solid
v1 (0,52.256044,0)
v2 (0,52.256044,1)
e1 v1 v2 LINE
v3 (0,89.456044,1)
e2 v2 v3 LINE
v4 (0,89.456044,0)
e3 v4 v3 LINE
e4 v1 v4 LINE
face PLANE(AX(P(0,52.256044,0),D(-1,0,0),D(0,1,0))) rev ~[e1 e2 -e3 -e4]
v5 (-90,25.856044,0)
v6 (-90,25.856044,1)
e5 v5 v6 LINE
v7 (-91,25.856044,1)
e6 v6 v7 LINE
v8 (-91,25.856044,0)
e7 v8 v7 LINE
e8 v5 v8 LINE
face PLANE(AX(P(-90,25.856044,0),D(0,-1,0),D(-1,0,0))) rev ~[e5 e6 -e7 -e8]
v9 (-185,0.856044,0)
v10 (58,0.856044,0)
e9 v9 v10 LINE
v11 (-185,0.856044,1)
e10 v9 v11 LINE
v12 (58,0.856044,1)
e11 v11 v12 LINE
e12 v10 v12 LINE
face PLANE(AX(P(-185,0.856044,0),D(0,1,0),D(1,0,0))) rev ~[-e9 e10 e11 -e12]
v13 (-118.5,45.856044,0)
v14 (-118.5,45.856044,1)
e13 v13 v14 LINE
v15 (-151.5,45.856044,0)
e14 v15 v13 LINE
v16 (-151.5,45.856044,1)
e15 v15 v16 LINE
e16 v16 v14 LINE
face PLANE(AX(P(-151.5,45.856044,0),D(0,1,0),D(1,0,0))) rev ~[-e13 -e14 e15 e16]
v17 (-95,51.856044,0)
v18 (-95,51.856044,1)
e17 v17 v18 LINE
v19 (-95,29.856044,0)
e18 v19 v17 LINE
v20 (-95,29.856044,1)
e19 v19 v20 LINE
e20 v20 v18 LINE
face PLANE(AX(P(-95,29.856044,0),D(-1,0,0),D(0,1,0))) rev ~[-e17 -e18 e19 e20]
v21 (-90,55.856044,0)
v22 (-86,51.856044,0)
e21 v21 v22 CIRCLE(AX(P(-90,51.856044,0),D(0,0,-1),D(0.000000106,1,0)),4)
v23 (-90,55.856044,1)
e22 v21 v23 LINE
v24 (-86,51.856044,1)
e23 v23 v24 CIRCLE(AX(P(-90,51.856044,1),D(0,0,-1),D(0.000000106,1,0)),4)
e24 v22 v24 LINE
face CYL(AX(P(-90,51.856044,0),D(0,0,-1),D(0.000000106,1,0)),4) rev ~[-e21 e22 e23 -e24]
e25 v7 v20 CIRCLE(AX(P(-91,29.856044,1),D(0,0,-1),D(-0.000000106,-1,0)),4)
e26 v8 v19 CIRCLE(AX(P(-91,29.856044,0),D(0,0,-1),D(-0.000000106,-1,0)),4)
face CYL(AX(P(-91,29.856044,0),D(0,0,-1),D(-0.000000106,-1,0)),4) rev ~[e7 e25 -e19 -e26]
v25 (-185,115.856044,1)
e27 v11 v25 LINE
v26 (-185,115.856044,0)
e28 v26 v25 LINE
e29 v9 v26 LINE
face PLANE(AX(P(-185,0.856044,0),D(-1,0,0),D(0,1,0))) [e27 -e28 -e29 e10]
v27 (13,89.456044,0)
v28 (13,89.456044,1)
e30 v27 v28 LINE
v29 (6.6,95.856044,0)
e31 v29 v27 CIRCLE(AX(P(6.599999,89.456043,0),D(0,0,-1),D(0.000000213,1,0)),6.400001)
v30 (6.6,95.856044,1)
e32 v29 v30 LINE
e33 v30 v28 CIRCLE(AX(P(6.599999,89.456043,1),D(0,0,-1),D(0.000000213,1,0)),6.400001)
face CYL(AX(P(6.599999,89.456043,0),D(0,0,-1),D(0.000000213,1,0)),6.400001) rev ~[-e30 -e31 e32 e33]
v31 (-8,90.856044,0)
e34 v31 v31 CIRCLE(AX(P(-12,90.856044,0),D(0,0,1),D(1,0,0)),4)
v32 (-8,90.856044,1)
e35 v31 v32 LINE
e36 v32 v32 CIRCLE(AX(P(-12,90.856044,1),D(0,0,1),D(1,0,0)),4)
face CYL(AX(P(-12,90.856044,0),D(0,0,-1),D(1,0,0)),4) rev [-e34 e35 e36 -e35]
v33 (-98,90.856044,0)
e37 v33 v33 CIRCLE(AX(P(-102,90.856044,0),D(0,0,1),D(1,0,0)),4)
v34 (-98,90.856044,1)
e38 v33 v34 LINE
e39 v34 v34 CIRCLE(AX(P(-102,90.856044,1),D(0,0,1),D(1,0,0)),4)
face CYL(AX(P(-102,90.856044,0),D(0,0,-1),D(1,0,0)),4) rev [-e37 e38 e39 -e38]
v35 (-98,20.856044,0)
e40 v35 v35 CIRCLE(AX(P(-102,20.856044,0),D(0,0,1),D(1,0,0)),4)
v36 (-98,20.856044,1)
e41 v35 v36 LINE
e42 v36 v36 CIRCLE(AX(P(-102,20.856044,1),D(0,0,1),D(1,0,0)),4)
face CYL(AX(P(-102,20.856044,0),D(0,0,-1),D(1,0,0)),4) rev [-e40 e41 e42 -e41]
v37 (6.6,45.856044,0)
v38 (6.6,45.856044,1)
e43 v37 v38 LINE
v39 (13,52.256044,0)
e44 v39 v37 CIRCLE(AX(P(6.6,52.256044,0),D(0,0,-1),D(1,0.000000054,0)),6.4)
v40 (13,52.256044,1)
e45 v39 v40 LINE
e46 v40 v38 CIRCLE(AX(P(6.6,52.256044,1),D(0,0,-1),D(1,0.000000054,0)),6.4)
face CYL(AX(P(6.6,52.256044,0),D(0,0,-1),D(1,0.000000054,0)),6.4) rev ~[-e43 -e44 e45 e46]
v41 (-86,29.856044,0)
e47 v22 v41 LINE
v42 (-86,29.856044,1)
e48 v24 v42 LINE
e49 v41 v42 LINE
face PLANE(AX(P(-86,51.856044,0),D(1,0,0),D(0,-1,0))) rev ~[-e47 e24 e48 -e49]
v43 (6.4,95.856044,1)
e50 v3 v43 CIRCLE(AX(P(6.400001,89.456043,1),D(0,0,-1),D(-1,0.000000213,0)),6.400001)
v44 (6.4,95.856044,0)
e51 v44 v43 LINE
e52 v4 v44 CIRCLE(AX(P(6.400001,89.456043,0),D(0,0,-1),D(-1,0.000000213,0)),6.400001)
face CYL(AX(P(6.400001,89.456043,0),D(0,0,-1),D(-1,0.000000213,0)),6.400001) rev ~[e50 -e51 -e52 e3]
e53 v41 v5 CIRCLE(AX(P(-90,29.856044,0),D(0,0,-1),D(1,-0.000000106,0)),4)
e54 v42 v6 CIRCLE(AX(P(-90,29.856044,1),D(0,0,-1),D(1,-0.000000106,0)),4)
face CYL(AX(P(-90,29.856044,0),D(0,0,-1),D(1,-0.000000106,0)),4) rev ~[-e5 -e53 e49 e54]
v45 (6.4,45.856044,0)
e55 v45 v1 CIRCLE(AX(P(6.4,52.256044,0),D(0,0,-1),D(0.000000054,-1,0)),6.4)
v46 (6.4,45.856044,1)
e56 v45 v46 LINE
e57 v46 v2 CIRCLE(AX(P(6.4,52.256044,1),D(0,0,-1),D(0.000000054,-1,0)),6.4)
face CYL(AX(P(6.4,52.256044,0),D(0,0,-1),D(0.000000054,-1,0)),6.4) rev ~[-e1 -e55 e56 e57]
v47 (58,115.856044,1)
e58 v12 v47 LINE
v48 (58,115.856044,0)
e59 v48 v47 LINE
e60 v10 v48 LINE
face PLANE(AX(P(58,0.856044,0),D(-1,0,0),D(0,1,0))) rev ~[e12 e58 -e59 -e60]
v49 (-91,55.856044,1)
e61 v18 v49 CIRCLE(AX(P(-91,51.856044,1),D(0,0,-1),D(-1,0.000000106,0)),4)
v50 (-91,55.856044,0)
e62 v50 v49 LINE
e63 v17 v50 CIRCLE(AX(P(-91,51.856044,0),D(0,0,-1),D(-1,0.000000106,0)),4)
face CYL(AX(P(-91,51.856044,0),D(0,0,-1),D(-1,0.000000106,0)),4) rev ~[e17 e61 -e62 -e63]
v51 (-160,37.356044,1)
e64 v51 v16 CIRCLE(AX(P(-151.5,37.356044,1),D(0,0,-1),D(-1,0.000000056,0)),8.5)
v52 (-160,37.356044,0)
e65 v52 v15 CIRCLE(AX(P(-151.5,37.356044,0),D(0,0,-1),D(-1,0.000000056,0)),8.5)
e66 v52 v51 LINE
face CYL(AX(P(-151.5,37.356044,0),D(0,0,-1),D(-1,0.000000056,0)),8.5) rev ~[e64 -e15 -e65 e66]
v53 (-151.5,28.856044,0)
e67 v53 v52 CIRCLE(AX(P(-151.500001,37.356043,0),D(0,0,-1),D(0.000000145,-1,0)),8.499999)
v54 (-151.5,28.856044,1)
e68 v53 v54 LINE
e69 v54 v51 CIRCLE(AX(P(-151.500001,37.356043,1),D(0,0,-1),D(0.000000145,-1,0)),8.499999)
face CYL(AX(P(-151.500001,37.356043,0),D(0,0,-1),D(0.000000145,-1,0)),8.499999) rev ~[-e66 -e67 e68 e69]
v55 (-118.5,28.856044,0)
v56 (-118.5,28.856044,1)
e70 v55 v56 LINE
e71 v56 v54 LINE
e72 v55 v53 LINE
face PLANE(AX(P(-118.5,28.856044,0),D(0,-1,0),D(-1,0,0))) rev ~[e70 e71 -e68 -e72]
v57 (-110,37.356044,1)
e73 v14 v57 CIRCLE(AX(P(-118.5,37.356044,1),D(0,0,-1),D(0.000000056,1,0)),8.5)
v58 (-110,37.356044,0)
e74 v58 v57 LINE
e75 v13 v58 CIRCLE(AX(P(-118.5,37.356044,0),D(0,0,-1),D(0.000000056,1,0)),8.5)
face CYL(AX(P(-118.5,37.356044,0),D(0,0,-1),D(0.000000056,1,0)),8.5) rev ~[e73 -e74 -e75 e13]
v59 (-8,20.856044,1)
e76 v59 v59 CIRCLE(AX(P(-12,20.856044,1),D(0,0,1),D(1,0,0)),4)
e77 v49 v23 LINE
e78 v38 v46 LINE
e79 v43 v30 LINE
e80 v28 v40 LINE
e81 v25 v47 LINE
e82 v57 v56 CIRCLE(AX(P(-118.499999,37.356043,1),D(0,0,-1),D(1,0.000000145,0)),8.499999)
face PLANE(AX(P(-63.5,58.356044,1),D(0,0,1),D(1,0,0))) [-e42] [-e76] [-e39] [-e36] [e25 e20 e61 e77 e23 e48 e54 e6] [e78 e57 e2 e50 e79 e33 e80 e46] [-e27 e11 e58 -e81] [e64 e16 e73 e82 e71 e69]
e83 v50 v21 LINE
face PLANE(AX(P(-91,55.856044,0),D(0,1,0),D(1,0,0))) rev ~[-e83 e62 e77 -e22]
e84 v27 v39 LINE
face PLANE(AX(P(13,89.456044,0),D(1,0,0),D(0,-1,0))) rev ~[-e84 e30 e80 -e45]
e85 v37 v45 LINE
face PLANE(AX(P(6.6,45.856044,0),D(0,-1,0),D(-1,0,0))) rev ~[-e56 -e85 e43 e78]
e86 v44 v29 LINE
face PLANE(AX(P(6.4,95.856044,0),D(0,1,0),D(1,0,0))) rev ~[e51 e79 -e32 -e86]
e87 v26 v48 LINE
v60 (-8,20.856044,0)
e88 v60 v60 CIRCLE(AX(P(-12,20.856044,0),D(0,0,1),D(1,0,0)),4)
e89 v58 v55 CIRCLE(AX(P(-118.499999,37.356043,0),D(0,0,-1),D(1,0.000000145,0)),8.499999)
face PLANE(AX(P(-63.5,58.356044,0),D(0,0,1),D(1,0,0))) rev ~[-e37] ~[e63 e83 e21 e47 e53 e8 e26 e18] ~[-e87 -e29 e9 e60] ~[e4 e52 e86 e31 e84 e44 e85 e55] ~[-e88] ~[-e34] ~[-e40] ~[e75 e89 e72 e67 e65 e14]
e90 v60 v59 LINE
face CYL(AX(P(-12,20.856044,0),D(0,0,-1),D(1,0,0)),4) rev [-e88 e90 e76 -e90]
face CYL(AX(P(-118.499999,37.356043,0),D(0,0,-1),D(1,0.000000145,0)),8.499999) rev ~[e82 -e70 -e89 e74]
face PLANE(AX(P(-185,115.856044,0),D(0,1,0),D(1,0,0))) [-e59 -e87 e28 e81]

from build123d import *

# Parameters (mm, degrees)
F0_W     = 243
F0_H     = 115
F0_R     = 4
F1_DEPTH = 1


with BuildPart() as f1:
    # F0 (on Top) → F1 (new body)
    with BuildSketch(Plane.XY):
        with Locations((-63.5, 58.356044)):
            Rectangle(F0_W, F0_H)
        with BuildLine():
            ThreePointArc((-160, 37.356044), (-157.510408, 43.366451), (-151.5, 45.856044))
            Line((-151.5, 45.856044), (-118.5, 45.856044))
            ThreePointArc((-118.5, 45.856044), (-112.489592, 43.366451), (-110, 37.356044))
            ThreePointArc((-110, 37.356044), (-112.489592, 31.345636), (-118.5, 28.856044))
            Line((-118.5, 28.856044), (-151.5, 28.856044))
            ThreePointArc((-151.5, 28.856044), (-157.510408, 31.345636), (-160, 37.356044))
        make_face(mode=Mode.SUBTRACT)
        with Locations((-102, 20.856044)):
            Circle(F0_R, mode=Mode.SUBTRACT)
        with BuildLine():
            ThreePointArc((-95, 51.856044), (-93.828427, 54.684471), (-91, 55.856044))
            Line((-91, 55.856044), (-90, 55.856044))
            ThreePointArc((-90, 55.856044), (-87.171573, 54.684471), (-86, 51.856044))
            Line((-86, 51.856044), (-86, 29.856044))
            ThreePointArc((-86, 29.856044), (-87.171573, 27.027617), (-90, 25.856044))
            Line((-90, 25.856044), (-91, 25.856044))
            ThreePointArc((-91, 25.856044), (-93.828427, 27.027617), (-95, 29.856044))
            Line((-95, 29.856044), (-95, 51.856044))
        make_face(mode=Mode.SUBTRACT)
        with Locations((-102, 90.856044)):
            Circle(F0_R, mode=Mode.SUBTRACT)
        with Locations((-12, 20.856044)):
            Circle(F0_R, mode=Mode.SUBTRACT)
        with Locations((-12, 90.856044)):
            Circle(F0_R, mode=Mode.SUBTRACT)
        with BuildLine():
            Line((6.4, 95.856044), (6.6, 95.856044))
            ThreePointArc((6.6, 95.856044), (11.125483, 93.981527), (13, 89.456044))
            Line((13, 89.456044), (13, 52.256044))
            ThreePointArc((13, 52.256044), (11.125483, 47.73056), (6.6, 45.856044))
            Line((6.6, 45.856044), (6.4, 45.856044))
            ThreePointArc((6.4, 45.856044), (1.874517, 47.73056), (0, 52.256044))
            Line((0, 52.256044), (0, 89.456044))
            ThreePointArc((0, 89.456044), (1.874517, 93.981527), (6.4, 95.856044))
        make_face(mode=Mode.SUBTRACT)
    extrude(amount=F1_DEPTH)


solid = f1.part
